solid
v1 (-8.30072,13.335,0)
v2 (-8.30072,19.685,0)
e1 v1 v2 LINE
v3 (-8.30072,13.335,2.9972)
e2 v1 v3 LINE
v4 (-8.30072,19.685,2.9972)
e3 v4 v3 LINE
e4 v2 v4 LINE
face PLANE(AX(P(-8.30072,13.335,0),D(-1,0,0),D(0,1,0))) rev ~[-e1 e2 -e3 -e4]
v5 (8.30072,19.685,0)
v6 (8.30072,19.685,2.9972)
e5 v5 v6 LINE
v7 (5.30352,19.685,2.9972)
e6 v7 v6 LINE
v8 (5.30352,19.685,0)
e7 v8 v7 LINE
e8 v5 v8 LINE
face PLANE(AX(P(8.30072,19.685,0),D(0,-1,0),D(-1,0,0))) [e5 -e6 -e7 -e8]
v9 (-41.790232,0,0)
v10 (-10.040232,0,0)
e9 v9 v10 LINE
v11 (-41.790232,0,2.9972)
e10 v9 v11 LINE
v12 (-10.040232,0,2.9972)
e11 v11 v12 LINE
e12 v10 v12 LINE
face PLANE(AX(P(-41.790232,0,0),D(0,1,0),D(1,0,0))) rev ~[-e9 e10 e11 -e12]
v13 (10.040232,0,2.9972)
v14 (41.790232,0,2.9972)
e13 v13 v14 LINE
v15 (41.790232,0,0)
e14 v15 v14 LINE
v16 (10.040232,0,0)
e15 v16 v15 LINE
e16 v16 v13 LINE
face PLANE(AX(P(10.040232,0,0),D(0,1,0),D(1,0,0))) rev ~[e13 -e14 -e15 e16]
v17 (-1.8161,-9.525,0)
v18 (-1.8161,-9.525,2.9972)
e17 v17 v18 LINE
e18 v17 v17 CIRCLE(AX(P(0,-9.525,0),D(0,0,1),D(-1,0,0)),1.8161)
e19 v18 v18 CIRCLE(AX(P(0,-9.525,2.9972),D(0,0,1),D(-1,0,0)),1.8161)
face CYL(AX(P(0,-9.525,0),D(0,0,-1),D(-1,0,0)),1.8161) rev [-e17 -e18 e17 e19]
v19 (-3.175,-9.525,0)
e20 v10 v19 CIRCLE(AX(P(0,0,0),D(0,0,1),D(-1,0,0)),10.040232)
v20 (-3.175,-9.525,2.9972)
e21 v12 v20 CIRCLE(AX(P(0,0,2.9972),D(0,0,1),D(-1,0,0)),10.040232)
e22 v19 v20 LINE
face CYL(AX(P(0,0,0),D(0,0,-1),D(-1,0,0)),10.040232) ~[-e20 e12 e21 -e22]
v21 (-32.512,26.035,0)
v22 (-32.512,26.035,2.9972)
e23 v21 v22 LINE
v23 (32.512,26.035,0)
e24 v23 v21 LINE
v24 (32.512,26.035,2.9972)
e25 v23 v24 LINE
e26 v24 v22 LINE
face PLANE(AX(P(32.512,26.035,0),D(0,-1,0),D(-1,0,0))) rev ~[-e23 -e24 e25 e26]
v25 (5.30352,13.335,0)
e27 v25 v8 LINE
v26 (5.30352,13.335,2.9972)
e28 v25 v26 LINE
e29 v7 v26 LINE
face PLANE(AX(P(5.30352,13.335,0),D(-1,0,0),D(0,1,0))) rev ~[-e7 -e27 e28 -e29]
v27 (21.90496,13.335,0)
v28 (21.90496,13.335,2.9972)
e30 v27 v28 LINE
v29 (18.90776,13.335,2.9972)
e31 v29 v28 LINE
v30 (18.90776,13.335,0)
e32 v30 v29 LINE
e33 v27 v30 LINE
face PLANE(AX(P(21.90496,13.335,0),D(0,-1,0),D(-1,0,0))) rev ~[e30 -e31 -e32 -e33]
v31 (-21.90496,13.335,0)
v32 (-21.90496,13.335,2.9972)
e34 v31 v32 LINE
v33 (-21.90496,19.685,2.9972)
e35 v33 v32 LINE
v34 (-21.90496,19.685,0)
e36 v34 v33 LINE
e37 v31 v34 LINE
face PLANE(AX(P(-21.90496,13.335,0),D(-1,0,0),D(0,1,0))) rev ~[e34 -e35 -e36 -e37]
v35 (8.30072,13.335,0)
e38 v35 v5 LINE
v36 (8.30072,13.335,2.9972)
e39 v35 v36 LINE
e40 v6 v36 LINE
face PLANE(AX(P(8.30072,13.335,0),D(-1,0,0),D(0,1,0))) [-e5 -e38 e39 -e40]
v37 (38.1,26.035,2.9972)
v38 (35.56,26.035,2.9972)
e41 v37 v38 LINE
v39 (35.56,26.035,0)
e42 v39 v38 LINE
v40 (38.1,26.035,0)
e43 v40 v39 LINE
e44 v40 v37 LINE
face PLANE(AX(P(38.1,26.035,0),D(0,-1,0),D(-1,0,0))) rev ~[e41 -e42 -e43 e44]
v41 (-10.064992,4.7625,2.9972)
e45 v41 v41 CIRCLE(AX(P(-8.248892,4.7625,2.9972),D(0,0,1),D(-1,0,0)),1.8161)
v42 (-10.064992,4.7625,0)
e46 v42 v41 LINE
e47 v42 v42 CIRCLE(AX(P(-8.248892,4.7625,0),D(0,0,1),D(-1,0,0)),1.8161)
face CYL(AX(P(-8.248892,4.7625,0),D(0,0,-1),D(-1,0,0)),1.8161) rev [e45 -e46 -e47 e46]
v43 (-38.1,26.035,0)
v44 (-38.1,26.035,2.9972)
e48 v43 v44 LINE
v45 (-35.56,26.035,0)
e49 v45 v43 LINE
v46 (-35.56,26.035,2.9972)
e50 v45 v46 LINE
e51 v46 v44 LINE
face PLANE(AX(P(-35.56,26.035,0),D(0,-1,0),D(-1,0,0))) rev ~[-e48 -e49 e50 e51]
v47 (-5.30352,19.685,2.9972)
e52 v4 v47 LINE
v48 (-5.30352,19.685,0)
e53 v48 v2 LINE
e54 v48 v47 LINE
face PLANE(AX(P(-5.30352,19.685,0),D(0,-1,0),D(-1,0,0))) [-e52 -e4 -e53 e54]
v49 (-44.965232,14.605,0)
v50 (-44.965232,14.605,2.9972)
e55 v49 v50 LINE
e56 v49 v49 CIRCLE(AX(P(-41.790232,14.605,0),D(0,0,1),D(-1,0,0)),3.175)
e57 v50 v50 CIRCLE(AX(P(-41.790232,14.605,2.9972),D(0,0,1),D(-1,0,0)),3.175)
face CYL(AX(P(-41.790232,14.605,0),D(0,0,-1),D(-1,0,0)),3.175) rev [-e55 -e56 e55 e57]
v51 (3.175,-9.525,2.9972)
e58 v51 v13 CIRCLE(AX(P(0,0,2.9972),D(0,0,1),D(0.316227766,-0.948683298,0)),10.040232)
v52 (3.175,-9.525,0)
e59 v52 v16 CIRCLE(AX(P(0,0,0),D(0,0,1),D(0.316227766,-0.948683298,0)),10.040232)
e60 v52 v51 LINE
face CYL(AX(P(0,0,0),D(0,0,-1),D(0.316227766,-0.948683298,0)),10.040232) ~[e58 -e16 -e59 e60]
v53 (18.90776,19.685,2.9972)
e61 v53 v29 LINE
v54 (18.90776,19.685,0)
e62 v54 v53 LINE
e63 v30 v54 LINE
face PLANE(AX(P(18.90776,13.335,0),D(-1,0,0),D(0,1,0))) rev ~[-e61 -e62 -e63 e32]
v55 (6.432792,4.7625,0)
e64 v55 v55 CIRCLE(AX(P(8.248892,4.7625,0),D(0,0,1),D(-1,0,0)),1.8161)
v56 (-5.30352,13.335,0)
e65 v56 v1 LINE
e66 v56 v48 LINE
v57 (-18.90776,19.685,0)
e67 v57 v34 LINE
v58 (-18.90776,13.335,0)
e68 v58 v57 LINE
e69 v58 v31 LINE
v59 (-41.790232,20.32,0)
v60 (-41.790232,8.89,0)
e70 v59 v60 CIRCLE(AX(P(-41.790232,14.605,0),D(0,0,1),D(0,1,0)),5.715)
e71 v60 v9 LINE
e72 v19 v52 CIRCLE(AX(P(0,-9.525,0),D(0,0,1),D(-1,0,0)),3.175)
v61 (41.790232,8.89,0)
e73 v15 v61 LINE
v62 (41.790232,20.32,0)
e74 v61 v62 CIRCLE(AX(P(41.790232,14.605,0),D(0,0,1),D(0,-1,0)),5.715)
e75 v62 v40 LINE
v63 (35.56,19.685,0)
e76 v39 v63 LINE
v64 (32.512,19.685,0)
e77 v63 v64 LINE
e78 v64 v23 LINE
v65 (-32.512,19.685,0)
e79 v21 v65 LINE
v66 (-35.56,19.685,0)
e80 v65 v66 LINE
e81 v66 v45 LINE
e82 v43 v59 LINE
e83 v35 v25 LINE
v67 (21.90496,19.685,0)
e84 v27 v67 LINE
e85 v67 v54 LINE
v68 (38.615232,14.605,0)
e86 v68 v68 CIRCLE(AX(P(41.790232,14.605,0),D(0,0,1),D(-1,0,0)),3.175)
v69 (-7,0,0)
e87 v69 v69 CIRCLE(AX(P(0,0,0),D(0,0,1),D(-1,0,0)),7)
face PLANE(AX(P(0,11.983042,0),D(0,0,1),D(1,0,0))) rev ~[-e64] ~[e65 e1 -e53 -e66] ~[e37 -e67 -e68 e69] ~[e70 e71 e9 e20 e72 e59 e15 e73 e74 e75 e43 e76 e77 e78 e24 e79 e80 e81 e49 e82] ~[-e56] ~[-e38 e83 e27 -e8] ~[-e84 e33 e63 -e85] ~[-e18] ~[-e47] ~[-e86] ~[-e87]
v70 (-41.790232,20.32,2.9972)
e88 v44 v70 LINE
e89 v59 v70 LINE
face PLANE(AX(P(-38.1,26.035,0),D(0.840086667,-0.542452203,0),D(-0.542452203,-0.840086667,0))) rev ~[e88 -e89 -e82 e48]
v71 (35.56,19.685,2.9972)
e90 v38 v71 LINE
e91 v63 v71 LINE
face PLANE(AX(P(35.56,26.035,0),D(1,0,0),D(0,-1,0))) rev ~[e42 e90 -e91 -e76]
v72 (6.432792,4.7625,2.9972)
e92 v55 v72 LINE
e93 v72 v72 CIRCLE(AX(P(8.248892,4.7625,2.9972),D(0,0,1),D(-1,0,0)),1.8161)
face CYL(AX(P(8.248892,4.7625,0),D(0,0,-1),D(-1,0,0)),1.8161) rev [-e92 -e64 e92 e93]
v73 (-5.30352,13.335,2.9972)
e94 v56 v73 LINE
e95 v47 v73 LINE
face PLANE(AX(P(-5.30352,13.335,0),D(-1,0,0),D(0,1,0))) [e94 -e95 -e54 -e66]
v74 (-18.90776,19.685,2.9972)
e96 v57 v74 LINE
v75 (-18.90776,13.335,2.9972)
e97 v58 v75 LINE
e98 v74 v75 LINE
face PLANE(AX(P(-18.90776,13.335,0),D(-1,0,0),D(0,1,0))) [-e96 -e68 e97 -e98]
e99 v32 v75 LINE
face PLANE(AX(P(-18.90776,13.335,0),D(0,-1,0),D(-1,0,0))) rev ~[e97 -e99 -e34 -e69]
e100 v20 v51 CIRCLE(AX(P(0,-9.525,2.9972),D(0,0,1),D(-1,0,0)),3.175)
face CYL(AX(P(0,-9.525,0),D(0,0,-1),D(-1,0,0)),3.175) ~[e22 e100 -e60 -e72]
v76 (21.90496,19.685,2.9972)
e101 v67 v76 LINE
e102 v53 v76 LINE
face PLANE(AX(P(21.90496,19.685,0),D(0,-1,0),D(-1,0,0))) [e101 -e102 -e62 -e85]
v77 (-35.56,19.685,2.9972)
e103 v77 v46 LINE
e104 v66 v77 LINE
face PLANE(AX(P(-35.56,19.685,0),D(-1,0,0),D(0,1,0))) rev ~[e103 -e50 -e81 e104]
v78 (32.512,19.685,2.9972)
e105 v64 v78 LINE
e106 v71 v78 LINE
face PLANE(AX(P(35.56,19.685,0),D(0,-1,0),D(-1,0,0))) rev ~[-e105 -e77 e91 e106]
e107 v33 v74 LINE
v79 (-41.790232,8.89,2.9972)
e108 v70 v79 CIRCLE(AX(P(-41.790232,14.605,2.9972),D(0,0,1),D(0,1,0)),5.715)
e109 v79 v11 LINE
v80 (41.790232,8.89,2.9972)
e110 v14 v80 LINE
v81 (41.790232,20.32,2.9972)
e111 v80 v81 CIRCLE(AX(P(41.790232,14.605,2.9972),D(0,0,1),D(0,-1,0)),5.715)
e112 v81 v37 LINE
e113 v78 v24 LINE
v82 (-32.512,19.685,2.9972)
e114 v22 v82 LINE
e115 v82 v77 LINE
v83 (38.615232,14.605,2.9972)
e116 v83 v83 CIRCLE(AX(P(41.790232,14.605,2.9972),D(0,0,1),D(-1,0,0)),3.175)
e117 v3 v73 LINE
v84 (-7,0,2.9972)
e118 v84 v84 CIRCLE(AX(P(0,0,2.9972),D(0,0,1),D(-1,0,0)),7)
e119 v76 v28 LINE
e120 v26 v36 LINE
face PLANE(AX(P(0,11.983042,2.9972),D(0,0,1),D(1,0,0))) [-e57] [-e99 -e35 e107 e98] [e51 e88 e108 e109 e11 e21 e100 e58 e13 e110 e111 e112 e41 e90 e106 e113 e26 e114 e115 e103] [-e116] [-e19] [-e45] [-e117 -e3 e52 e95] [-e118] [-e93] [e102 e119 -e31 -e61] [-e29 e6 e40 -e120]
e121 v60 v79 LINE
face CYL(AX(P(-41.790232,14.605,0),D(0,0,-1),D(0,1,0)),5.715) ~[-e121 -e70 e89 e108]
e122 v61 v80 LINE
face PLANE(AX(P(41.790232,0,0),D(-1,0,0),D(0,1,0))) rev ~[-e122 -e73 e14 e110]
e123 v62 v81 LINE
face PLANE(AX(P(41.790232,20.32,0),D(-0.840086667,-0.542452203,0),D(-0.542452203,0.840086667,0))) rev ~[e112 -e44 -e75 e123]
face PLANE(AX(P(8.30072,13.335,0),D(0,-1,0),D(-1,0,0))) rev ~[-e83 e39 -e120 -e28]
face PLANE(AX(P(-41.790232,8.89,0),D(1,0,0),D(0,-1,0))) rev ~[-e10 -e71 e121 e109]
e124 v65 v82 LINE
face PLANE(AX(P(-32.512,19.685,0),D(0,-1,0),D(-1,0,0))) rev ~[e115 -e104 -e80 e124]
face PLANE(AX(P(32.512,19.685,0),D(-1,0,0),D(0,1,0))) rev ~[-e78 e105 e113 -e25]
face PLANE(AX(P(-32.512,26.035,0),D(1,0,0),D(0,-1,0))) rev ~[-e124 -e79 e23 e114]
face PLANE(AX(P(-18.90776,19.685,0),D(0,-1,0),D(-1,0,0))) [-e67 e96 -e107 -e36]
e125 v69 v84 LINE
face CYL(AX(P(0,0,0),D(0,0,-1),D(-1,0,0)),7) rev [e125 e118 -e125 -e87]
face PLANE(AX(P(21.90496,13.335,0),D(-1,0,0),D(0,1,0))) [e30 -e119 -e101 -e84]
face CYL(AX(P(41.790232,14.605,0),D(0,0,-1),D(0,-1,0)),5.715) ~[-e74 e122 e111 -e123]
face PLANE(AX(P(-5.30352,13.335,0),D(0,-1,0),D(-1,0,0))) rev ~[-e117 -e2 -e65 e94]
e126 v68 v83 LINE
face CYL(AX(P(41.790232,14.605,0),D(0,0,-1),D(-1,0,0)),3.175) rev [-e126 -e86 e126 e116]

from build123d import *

# Parameters (mm, degrees)
SKETCH2_R           = 3.175
SKETCH2_R_2         = 7
SKETCH2_R_3         = 1.8161
BOSS_EXTRUDE1_DEPTH = 2.9972
SKETCH3_W           = 2.9972
SKETCH3_H           = 6.35
CUT_EXTRUDE1_DEPTH  = 55.254506352


with BuildPart() as part:
    # Sketch2 → Boss-Extrude1 (new body)
    with BuildSketch(Plane.XY):
        with BuildLine():
            Line((-35.56, 26.035), (-38.1, 26.035))
            Line((-38.1, 26.035), (-41.790231571, 20.32))
            ThreePointArc((-41.790231571, 20.32), (-47.505231571, 14.605), (-41.790231571, 8.89))
            Line((-41.790231571, 8.89), (-41.790231571, 0))
            Line((-41.790231571, 0), (-10.040231571, 0))
            ThreePointArc((-10.040231571, 0), (-8.145059399, -5.87062666), (-3.175, -9.525))
            ThreePointArc((-3.175, -9.525), (0, -12.7), (3.175, -9.525))
            ThreePointArc((3.175, -9.525), (8.145059399, -5.87062666), (10.040231571, 0))
            Line((10.040231571, 0), (41.790231571, 0))
            Line((41.790231571, 0), (41.790231571, 8.89))
            ThreePointArc((41.790231571, 8.89), (47.505231571, 14.605), (41.790231571, 20.32))
            Line((41.790231571, 20.32), (38.1, 26.035))
            Line((38.1, 26.035), (35.56, 26.035))
            Line((35.56, 26.035), (35.56, 19.685))
            Line((35.56, 19.685), (32.512, 19.685))
            Line((32.512, 19.685), (32.512, 26.035))
            Line((32.512, 26.035), (-32.512, 26.035))
            Line((-32.512, 26.035), (-32.512, 19.685))
            Line((-32.512, 19.685), (-35.56, 19.685))
            Line((-35.56, 19.685), (-35.56, 26.035))
        make_face()
        with Locations((41.790231571, 14.605)):
            Circle(SKETCH2_R, mode=Mode.SUBTRACT)
        Circle(SKETCH2_R_2, mode=Mode.SUBTRACT)
        with Locations((8.248891971, 4.7625)):
            Circle(SKETCH2_R_3, mode=Mode.SUBTRACT)
        with Locations((-8.248891971, 4.7625)):
            Circle(SKETCH2_R_3, mode=Mode.SUBTRACT)
        with Locations((-41.790231571, 14.605)):
            Circle(SKETCH2_R, mode=Mode.SUBTRACT)
        with Locations((0, -9.525)):
            Circle(SKETCH2_R_3, mode=Mode.SUBTRACT)
    extrude(amount=BOSS_EXTRUDE1_DEPTH)

    # Sketch3 → Cut-Extrude1 (cut, through all)
    with BuildSketch(Plane(origin=(0, 0, 0), x_dir=(-1, 0, 0), z_dir=(0, 0, -1))):
        with Locations((-20.40636, 16.51)):
            Rectangle(SKETCH3_W, SKETCH3_H)
        with Locations((-6.80212, 16.51)):
            Rectangle(SKETCH3_W, SKETCH3_H)
        with Locations((6.80212, 16.51)):
            Rectangle(SKETCH3_W, SKETCH3_H)
        with Locations((20.40636, 16.51)):
            Rectangle(SKETCH3_W, SKETCH3_H)
    extrude(amount=-CUT_EXTRUDE1_DEPTH, mode=Mode.SUBTRACT)


solid = part.part
